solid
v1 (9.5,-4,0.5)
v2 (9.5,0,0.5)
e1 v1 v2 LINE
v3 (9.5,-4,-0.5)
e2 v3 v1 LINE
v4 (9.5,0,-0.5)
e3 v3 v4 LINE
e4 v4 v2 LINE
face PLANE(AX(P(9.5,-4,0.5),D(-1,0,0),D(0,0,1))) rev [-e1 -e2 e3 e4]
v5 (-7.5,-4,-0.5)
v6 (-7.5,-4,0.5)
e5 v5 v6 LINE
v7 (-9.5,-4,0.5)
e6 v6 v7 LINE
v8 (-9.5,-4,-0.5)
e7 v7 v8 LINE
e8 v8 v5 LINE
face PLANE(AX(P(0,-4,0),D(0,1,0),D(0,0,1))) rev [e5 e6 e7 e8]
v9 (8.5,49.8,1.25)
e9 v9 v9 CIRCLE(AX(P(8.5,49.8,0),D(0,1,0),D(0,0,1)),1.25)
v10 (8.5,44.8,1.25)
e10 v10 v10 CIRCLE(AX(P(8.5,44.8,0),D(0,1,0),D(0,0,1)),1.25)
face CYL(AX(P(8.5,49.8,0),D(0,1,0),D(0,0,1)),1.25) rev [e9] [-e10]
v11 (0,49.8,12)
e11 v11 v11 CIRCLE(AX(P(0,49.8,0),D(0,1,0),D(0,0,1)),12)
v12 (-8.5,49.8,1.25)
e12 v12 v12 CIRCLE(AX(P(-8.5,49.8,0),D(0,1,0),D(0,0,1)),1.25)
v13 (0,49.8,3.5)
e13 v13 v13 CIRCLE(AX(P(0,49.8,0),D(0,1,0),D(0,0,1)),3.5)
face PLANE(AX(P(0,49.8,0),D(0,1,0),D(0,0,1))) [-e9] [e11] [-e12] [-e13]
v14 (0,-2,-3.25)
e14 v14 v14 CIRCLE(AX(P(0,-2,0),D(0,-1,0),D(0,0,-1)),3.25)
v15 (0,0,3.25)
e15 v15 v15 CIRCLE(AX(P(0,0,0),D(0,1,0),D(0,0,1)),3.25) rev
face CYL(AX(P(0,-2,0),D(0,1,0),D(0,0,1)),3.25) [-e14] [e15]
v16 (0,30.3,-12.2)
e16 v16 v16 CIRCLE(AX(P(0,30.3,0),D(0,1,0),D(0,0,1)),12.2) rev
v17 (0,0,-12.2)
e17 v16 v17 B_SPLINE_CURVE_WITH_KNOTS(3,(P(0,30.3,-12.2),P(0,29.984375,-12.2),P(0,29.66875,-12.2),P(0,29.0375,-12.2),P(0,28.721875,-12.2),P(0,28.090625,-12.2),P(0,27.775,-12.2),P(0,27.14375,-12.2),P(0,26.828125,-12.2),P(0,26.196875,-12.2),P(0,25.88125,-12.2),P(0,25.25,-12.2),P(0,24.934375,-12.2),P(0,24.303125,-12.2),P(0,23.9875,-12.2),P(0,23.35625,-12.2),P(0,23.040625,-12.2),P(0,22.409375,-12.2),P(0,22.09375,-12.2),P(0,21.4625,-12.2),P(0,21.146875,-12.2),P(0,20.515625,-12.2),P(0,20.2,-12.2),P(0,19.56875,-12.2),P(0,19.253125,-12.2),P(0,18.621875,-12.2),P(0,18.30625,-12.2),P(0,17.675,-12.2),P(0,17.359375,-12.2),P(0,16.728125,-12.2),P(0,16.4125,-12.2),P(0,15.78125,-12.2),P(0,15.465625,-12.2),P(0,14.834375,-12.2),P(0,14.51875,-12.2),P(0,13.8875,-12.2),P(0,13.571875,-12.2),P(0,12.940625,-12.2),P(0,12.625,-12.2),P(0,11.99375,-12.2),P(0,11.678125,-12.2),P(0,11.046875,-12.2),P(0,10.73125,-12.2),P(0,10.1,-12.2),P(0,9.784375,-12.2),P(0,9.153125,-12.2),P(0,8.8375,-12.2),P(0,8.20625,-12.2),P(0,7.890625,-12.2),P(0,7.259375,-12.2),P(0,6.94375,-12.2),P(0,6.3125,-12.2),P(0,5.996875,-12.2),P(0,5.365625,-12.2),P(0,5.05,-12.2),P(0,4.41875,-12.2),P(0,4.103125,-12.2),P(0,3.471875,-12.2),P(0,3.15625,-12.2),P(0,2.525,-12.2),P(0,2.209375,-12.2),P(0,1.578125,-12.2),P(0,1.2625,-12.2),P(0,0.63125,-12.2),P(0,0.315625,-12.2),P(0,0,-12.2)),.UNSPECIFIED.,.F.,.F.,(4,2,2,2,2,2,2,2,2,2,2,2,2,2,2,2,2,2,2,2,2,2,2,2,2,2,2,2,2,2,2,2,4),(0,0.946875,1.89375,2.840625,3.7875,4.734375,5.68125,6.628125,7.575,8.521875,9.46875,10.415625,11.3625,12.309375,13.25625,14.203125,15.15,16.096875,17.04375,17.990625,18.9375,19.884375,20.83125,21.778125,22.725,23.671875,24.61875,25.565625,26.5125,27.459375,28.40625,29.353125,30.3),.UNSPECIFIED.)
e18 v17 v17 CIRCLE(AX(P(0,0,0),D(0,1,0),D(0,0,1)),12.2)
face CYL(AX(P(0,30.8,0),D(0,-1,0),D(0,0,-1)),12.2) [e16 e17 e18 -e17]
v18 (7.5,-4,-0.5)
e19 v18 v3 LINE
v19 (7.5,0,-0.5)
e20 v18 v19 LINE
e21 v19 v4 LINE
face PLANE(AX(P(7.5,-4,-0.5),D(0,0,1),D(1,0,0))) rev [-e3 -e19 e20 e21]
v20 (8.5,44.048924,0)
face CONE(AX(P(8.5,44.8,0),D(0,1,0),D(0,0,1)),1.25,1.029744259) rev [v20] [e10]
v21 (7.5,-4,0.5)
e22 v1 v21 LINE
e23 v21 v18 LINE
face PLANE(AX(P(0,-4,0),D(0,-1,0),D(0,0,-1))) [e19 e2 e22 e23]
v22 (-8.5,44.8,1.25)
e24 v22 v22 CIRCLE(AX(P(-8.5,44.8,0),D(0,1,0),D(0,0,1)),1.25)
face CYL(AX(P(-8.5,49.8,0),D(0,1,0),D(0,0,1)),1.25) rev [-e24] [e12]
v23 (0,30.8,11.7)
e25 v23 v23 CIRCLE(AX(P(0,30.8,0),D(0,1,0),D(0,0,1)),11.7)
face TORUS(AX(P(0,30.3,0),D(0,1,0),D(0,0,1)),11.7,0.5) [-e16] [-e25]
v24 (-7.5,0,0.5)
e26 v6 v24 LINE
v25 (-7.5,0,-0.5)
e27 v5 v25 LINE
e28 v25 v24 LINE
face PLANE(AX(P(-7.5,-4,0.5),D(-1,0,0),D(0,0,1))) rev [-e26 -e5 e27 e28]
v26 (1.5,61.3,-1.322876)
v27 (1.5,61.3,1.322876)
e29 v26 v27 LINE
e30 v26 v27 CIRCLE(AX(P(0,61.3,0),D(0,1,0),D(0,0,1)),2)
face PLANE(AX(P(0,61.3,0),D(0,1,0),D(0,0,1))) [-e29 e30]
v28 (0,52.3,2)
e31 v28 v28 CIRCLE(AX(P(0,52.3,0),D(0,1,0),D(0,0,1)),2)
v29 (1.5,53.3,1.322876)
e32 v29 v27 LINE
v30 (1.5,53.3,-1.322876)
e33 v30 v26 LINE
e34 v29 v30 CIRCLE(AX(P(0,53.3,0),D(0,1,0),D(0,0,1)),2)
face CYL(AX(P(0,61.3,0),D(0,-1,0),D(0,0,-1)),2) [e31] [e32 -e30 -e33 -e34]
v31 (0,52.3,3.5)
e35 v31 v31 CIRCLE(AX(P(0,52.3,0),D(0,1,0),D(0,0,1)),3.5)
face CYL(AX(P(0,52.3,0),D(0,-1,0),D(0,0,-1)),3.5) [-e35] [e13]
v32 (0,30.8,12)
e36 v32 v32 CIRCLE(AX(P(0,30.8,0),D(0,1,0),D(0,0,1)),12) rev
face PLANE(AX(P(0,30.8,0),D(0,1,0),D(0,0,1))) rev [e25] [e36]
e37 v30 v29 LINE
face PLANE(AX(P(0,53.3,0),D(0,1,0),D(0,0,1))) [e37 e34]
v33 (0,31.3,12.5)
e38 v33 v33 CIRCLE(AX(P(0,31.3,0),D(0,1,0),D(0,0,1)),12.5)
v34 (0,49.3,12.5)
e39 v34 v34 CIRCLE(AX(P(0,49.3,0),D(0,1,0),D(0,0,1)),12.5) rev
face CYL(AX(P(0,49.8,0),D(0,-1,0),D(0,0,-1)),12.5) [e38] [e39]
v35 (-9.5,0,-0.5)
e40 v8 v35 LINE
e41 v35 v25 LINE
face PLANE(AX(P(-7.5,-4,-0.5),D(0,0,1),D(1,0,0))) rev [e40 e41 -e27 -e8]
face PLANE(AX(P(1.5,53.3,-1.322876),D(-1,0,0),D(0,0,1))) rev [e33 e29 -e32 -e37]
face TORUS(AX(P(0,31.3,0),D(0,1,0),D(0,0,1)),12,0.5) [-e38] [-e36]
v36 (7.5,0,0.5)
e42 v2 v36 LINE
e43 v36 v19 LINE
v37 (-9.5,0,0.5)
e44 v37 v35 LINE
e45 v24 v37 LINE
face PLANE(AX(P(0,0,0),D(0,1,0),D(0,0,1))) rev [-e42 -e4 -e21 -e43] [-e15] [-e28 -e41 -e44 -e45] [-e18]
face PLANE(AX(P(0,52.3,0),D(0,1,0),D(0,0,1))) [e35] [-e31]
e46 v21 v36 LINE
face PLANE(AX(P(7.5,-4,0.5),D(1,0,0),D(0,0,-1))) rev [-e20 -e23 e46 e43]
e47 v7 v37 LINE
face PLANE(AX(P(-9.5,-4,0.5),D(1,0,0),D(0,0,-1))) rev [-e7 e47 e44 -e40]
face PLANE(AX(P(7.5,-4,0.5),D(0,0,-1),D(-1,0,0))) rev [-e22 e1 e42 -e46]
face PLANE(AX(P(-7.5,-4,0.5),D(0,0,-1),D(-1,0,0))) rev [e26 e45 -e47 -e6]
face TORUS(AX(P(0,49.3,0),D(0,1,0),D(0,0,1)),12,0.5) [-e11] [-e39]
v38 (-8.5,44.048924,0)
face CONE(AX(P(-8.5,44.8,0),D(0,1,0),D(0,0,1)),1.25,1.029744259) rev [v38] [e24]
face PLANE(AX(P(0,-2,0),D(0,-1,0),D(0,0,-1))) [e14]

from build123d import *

# Parameters (mm, degrees)
SKETCH1_R                 = 12.2
BOSS_EXTRUDE1_DEPTH       = 30.8
FILLET1_R                 = 0.5
SKETCH2_R                 = 12.5
BOSS_EXTRUDE2_DEPTH       = 19
SKETCH3_R                 = 3.5
BOSS_EXTRUDE3_DEPTH       = 2.5
SKETCH4_R                 = 2
BOSS_EXTRUDE4_DEPTH       = 9
CUT_EXTRUDE1_START        = -8
CUT_EXTRUDE1_DEPTH        = 8
FILLET2_R                 = 0.5
M3X0_5_TAPPED_HOLE1_D     = 2.5
M3X0_5_TAPPED_HOLE1_DEPTH = 5
M3X0_5_TAPPED_HOLE1_TIP   = 0.751075774
SKETCH10_W                = 2
SKETCH10_H                = 1
BOSS_EXTRUDE5_DEPTH       = 4
SKETCH11_R                = 3.25
BOSS_EXTRUDE6_DEPTH       = 2


with BuildPart() as part:
    # Sketch1 → Boss-Extrude1 (new body)
    with BuildSketch(Plane(origin=(0, 0, 0), x_dir=(1, 0, 0), z_dir=(0, 1, 0))):
        Circle(SKETCH1_R)
    extrude(amount=BOSS_EXTRUDE1_DEPTH)

    # Fillet1
    fillet1_edges = [part.edges().sort_by_distance(p)[0] for p in [
        (-12.2, 30.8, 0),
    ]]
    fillet(fillet1_edges, radius=FILLET1_R)

    # Sketch2 → Boss-Extrude2 (add)
    with BuildSketch(Plane(origin=(0, 30.8, 0), x_dir=(1, 0, 0), z_dir=(0, 1, 0))):
        Circle(SKETCH2_R)
    extrude(amount=BOSS_EXTRUDE2_DEPTH)

    # Sketch3 → Boss-Extrude3 (add)
    with BuildSketch(Plane(origin=(0, 49.8, 0), x_dir=(1, 0, 0), z_dir=(0, 1, 0))):
        Circle(SKETCH3_R)
    extrude(amount=BOSS_EXTRUDE3_DEPTH)

    # Sketch4 → Boss-Extrude4 (add)
    with BuildSketch(Plane(origin=(0, 52.3, 0), x_dir=(1, 0, 0), z_dir=(0, 1, 0))):
        Circle(SKETCH4_R)
    extrude(amount=BOSS_EXTRUDE4_DEPTH)

    # Sketch5 → Cut-Extrude1 (cut)
    with BuildSketch(Plane(origin=(0, 61.3, 0), x_dir=(1, 0, 0), z_dir=(0, 1, 0)).offset(CUT_EXTRUDE1_START)):
        with BuildLine():
            Line((1.5, 1.322875656), (1.5, -1.322875656))
            ThreePointArc((1.5, -1.322875656), (2, 0), (1.5, 1.322875656))
        make_face()
    extrude(amount=CUT_EXTRUDE1_DEPTH, mode=Mode.SUBTRACT)

    # Fillet2
    fillet2_edges = [part.edges().sort_by_distance(p)[0] for p in [
        (-12.5, 49.8, 0),
        (-12.5, 30.8, 0),
    ]]
    fillet(fillet2_edges, radius=FILLET2_R)

    # M3x0.5 Tapped Hole1
    with Locations(Plane(origin=(0, 49.8, 0), x_dir=(1, 0, 0), z_dir=(0, 1, 0))):
        with Locations((-8.5, 0), (8.5, 0)):
            Hole(M3X0_5_TAPPED_HOLE1_D / 2, depth=M3X0_5_TAPPED_HOLE1_DEPTH)
            with Locations((0, 0, -(M3X0_5_TAPPED_HOLE1_DEPTH + M3X0_5_TAPPED_HOLE1_TIP / 2))):  # 118° drill point
                Cone(0, M3X0_5_TAPPED_HOLE1_D / 2, M3X0_5_TAPPED_HOLE1_TIP, mode=Mode.SUBTRACT)

    # Sketch10 → Boss-Extrude5 (add)
    with BuildSketch(Plane.XZ):
        with Locations((-8.5, 0)):
            Rectangle(SKETCH10_W, SKETCH10_H)
        with Locations((8.5, 0)):
            Rectangle(SKETCH10_W, SKETCH10_H)
    extrude(amount=BOSS_EXTRUDE5_DEPTH)

    # Sketch11 → Boss-Extrude6 (add)
    with BuildSketch(Plane.XZ):
        Circle(SKETCH11_R)
    extrude(amount=BOSS_EXTRUDE6_DEPTH)


solid = part.part
